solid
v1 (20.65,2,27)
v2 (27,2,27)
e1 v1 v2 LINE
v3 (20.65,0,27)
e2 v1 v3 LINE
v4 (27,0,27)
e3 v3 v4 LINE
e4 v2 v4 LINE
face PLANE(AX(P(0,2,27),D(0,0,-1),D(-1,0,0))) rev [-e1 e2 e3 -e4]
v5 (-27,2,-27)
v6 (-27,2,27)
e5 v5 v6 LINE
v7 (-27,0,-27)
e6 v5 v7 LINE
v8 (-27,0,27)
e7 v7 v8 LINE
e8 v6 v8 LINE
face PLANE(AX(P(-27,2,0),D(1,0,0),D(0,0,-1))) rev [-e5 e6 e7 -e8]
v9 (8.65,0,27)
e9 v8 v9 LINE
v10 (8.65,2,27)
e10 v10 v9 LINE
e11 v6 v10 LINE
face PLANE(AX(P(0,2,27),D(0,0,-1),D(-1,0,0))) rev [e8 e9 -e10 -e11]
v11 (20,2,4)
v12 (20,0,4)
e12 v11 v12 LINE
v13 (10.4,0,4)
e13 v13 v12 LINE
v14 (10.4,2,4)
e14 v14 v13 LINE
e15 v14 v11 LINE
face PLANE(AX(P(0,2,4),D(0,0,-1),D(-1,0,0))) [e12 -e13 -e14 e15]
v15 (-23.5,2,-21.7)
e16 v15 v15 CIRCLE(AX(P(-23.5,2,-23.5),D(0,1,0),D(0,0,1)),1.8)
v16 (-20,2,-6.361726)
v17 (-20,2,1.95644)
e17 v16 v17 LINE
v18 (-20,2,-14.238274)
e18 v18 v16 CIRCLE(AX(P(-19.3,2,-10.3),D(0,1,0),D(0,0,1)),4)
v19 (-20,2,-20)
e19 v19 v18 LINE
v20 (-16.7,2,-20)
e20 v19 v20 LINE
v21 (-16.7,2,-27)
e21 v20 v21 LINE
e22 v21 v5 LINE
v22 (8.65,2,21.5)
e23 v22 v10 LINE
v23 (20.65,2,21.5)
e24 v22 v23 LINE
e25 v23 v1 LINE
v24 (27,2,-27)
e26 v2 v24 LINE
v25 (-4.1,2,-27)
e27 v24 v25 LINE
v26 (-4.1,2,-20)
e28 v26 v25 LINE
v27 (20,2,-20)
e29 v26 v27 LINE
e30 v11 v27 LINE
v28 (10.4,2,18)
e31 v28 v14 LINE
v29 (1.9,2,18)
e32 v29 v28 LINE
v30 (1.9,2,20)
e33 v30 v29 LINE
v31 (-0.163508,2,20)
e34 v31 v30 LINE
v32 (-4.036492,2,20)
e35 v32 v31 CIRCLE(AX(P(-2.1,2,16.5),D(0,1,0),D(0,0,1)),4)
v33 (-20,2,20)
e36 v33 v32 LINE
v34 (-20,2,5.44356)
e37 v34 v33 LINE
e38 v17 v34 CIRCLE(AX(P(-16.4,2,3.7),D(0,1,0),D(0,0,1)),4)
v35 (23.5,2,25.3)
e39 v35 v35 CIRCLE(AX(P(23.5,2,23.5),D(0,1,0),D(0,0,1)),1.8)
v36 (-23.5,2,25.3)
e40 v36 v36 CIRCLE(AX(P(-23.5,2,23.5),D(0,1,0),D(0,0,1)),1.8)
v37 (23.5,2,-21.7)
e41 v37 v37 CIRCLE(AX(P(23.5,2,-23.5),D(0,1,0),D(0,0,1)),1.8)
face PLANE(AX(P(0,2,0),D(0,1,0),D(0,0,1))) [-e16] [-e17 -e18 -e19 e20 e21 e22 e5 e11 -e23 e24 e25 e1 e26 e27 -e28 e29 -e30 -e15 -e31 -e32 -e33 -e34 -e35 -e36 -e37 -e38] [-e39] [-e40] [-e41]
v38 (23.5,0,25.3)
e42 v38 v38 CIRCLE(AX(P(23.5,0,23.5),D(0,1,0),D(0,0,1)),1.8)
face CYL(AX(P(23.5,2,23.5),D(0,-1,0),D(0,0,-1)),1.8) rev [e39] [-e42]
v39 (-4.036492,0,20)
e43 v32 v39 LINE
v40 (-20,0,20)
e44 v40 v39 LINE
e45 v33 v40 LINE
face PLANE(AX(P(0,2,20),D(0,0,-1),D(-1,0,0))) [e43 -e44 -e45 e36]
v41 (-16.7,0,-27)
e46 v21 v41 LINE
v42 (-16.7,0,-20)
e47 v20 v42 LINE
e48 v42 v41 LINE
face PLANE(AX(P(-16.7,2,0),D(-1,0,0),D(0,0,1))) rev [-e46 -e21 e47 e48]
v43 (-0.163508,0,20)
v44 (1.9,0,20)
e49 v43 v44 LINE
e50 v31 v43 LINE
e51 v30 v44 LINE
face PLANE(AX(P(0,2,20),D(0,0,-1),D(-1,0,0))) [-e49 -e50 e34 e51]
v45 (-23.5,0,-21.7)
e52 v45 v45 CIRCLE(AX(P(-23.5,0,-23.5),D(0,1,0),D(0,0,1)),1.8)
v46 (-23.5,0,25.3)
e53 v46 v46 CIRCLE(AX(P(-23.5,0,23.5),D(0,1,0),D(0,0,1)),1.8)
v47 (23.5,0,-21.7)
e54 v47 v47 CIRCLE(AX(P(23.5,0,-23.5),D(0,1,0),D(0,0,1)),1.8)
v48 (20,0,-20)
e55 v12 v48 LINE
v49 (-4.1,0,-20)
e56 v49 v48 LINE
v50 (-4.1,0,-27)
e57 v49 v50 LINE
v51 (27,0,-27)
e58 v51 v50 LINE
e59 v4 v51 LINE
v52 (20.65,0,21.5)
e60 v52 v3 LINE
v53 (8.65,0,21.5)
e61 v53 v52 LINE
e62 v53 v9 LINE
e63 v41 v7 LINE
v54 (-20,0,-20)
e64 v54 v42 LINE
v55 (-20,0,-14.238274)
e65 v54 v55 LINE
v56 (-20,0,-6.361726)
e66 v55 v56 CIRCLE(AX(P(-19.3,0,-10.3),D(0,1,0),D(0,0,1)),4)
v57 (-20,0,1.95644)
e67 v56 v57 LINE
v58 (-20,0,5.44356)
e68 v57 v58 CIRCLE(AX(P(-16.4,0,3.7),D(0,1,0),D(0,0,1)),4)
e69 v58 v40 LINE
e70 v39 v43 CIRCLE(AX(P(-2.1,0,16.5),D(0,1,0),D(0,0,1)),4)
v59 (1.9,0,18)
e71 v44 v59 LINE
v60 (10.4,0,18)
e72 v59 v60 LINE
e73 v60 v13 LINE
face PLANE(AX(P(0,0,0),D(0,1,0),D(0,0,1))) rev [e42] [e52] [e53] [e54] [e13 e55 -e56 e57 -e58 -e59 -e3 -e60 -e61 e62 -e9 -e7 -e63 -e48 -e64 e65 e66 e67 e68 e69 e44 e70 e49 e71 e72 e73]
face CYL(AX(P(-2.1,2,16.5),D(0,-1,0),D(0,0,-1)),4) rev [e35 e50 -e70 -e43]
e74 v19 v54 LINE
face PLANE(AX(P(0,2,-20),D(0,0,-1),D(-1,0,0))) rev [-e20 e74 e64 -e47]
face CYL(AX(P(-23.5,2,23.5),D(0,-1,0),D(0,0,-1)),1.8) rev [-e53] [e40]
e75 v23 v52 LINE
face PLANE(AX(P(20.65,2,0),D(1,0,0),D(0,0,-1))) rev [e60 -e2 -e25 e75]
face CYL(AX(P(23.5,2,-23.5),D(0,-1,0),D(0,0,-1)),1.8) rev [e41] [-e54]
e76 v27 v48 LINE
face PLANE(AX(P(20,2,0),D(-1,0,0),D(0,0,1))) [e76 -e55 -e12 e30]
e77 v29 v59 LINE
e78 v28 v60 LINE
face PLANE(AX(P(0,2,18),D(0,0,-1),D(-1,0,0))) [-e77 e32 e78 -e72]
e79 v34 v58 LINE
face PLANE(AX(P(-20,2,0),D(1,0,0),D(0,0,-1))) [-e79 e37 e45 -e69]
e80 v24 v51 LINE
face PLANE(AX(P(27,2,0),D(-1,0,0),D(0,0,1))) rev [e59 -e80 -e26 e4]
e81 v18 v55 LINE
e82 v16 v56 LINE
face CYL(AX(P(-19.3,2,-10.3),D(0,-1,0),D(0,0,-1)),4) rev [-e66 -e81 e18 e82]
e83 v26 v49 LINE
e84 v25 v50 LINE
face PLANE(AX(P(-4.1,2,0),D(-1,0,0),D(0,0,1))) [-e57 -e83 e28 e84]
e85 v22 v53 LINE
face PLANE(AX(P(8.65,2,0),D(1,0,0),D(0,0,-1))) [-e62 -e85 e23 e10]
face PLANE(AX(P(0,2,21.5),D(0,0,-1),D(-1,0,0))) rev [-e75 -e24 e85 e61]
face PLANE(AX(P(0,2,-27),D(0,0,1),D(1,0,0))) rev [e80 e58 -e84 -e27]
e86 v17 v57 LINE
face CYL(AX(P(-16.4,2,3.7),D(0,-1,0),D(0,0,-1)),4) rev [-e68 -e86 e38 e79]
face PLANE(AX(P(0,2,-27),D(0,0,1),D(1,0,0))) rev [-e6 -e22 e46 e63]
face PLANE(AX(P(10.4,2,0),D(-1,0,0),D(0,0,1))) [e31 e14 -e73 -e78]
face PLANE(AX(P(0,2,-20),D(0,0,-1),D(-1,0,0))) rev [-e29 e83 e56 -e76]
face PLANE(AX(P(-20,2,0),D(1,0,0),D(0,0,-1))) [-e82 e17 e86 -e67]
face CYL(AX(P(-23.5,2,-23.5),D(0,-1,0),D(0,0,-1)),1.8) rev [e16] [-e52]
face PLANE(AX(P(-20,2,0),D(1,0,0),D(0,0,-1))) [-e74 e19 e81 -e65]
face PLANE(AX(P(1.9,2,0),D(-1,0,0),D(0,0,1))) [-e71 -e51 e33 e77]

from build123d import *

# Parameters (mm, degrees)
SKETCH_3_R      = 1.8
SKETCH_3_W      = 0.8
SKETCH_3_H      = 1.5
SKETCH_3_W_2    = 1
EXTRUDE_2_DEPTH = 2


with BuildPart() as part:
    # 草图3 → 凸台-拉伸2 (new body)
    with BuildSketch(Plane(origin=(0, 0, 0), x_dir=(1, 0, 0), z_dir=(0, 1, 0))):
        with BuildLine():
            Line((8.65, -27), (8.65, -21.5))
            Line((8.65, -21.5), (8.65, -20))
            Line((8.65, -20), (1.9, -20))
            Line((1.9, -20), (-0.163508327, -20))
            ThreePointArc((-0.163508327, -20), (-2.1, -20.5), (-4.036491673, -20))
            Line((-4.036491673, -20), (-20, -20))
            Line((-20, -20), (-20, -5.443559577))
            ThreePointArc((-20, -5.443559577), (-20.4, -3.7), (-20, -1.956440423))
            Line((-20, -1.956440423), (-20, 6.361726266))
            ThreePointArc((-20, 6.361726266), (-23.3, 10.3), (-20, 14.238273734))
            Line((-20, 14.238273734), (-20, 20))
            Line((-20, 20), (-16.7, 20))
            Line((-16.7, 20), (-16.7, 27))
            Line((-16.7, 27), (-27, 27))
            Line((-27, 27), (-27, -27))
            Line((-27, -27), (8.65, -27))
        make_face()
        with Locations((-23.5, -23.5)):
            Circle(SKETCH_3_R, mode=Mode.SUBTRACT)
        with Locations((-23.5, 23.5)):
            Circle(SKETCH_3_R, mode=Mode.SUBTRACT)
        Polygon((20, -18), (20, -20), (20.65, -20), (20.65, -21.5), (20.65, -27), (27, -27), (27, 27), (-4.1, 27), (-4.1, 20), (20, 20), (20, -4), align=None)
        with Locations((23.5, -23.5)):
            Circle(SKETCH_3_R, mode=Mode.SUBTRACT)
        with Locations((23.5, 23.5)):
            Circle(SKETCH_3_R, mode=Mode.SUBTRACT)
        Polygon((12.4, -20), (12.4, -19.5), (12.4, -18), (10.4, -18), (1.9, -18), (1.9, -20), (8.65, -20), align=None)
        Polygon((20, -20), (16.9, -20), (16.9, -19.5), (16.1, -19.5), (13.4, -19.5), (12.4, -19.5), (12.4, -20), (8.65, -20), (8.65, -21.5), (20.65, -21.5), (20.65, -20), align=None)
        Polygon((16.9, -19.5), (16.9, -20), (20, -20), (20, -18), (16.9, -18), align=None)
        with Locations((16.5, -18.75)):
            Rectangle(SKETCH_3_W, SKETCH_3_H)
        with Locations((12.9, -18.75)):
            Rectangle(SKETCH_3_W_2, SKETCH_3_H)
        Polygon((16.1, -18), (16.9, -18), (16.9, -6), (12.4, -6), (12.4, -18), (13.4, -18), (13.4, -19.5), (16.1, -19.5), align=None)
        Polygon((16.9, -18), (20, -18), (20, -4), (10.4, -4), (10.4, -6), (10.4, -18), (12.4, -18), (12.4, -6), (16.9, -6), align=None)
    extrude(amount=EXTRUDE_2_DEPTH)


solid = part.part
